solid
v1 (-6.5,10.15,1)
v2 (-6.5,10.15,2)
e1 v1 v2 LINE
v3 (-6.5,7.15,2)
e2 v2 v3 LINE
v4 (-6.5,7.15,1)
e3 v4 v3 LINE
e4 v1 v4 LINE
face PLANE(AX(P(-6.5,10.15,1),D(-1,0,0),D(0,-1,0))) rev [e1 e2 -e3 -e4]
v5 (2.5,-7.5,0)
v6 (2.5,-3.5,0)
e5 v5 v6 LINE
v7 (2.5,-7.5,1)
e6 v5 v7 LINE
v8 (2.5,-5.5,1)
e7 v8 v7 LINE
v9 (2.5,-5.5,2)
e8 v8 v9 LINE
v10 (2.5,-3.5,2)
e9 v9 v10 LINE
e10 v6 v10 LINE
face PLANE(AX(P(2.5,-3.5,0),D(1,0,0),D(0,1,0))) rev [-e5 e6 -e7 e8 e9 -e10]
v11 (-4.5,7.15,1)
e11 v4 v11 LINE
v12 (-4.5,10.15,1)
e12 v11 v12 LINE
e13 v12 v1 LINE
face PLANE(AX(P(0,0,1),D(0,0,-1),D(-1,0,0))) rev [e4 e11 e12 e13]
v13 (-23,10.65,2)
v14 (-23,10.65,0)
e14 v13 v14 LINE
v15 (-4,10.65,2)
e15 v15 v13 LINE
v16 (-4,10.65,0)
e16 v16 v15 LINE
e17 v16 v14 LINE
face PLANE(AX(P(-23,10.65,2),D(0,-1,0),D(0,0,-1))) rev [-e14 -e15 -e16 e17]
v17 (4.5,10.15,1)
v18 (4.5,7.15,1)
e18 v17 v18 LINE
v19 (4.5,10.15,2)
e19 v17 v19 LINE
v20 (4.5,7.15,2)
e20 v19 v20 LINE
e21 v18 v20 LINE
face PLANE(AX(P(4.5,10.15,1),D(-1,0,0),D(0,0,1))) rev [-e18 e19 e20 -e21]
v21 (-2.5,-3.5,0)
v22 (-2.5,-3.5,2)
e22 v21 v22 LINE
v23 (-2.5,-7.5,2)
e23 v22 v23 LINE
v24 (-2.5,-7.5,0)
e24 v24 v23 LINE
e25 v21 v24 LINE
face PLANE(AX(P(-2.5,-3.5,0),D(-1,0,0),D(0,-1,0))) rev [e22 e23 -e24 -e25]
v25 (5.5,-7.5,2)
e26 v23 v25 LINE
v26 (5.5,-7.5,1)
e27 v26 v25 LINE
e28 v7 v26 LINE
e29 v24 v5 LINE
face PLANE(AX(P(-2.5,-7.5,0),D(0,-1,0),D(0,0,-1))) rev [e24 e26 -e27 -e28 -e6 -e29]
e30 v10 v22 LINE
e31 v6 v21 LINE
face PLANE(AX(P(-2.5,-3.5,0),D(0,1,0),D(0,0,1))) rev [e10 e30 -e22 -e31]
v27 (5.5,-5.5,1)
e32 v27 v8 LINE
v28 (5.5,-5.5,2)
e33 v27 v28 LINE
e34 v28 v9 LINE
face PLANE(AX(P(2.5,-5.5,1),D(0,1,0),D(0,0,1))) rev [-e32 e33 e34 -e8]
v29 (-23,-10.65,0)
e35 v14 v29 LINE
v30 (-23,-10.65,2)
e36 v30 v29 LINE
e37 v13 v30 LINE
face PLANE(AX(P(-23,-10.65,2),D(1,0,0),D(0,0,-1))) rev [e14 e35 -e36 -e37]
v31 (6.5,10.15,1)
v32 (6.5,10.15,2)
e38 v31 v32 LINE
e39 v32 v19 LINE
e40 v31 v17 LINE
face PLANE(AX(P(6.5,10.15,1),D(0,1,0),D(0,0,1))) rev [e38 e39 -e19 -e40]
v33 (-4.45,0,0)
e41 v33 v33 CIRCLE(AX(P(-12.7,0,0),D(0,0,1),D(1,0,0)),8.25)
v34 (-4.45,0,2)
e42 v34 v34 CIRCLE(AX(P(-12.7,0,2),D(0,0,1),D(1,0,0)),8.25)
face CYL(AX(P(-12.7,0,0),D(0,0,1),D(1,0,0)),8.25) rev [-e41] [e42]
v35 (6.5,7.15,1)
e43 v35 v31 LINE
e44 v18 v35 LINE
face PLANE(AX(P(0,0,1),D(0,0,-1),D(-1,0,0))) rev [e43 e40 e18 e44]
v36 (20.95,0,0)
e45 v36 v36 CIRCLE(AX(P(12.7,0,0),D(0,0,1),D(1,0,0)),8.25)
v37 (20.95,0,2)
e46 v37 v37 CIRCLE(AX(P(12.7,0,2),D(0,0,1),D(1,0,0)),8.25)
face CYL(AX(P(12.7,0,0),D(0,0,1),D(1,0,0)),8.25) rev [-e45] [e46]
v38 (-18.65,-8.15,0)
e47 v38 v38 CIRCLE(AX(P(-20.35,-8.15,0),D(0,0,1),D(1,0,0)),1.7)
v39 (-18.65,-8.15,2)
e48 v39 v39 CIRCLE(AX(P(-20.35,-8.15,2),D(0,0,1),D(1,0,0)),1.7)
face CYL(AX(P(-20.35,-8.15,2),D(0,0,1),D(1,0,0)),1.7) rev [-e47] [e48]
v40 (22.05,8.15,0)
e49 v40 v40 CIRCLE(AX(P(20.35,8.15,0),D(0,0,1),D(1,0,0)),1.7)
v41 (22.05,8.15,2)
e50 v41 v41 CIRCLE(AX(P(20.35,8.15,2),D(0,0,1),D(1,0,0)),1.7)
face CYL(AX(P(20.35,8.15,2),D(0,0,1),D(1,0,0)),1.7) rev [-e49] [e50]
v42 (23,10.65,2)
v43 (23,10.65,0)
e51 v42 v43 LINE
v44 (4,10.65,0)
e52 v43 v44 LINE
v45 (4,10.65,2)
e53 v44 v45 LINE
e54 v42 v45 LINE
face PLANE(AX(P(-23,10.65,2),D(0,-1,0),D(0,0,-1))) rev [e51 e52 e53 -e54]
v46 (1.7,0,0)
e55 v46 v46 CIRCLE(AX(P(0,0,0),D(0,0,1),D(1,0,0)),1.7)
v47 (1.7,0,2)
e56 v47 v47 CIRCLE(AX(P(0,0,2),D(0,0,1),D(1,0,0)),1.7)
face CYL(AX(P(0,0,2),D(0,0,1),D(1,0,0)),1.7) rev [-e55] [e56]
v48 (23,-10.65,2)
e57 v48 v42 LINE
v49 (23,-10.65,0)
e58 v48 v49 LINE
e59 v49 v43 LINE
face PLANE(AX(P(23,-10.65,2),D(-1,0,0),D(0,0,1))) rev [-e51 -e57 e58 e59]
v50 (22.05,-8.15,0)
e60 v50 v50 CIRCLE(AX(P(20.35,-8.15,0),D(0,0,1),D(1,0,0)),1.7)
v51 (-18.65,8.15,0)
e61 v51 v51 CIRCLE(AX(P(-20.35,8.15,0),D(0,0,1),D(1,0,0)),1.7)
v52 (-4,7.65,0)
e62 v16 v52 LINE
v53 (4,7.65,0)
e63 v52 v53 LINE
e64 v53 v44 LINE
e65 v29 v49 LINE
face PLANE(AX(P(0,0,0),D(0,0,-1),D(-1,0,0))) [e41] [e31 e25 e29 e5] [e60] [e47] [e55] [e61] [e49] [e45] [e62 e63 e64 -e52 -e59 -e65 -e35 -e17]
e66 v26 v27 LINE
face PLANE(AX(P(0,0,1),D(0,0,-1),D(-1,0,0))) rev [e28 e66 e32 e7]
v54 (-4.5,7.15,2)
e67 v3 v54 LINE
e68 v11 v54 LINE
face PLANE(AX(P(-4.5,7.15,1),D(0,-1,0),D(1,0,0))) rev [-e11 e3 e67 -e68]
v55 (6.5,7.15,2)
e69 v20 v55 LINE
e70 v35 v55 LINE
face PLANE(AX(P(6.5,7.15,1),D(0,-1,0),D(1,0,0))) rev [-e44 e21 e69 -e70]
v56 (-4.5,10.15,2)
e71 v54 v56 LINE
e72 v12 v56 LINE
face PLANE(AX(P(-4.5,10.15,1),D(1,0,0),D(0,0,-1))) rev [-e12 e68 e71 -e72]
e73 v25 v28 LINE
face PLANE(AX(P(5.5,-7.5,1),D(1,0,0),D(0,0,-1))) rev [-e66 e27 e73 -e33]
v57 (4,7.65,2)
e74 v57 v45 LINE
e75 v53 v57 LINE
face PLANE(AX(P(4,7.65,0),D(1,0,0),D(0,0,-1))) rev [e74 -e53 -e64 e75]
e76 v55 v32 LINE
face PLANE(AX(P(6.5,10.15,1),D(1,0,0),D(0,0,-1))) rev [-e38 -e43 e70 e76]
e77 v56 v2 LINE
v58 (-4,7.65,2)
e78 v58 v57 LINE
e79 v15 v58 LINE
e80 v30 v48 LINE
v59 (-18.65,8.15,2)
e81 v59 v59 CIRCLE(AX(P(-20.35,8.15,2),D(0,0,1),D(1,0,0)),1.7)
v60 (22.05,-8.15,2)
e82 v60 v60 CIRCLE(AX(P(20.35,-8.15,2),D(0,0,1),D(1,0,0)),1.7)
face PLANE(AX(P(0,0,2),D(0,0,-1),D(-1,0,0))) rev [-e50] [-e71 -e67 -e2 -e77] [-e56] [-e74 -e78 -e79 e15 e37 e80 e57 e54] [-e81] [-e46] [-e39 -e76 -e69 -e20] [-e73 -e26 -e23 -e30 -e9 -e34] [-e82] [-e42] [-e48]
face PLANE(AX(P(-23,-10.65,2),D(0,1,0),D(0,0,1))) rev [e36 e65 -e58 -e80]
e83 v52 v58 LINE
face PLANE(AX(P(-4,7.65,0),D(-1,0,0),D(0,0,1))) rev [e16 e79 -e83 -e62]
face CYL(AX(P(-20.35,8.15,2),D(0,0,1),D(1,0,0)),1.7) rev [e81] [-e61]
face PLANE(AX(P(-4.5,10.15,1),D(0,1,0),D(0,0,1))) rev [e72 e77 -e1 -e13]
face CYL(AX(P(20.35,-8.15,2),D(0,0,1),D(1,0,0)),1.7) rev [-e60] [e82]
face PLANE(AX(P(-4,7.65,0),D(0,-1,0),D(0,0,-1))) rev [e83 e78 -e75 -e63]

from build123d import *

# Parameters (mm, degrees)
SKETCH_1_W          = 46
SKETCH_1_H          = 21.3
EXTRUDE_1_DEPTH     = 2
SKETCH_2_R          = 8.25
CUT_EXTRUDE_1_DEPTH = 3
SKETCH_3_W          = 8
SKETCH_3_H          = 3
CUT_EXTRUDE_2_DEPTH = 3
SKETCH_4_W          = 5
SKETCH_4_H          = 4
CUT_EXTRUDE_3_DEPTH = 3
SKETCH_5_W          = 3
SKETCH_5_H          = 2
SKETCH_5_W_2        = 2
SKETCH_5_H_2        = 3
CUT_EXTRUDE_4_DEPTH = 1
HOLE_WIZARD_M3_1_D  = 3.4


with BuildPart() as part:
    # 草圖1 → 填料-伸長1 (new body)
    with BuildSketch(Plane.XY):
        Rectangle(SKETCH_1_W, SKETCH_1_H)
    extrude(amount=EXTRUDE_1_DEPTH)

    # 草圖2 → 除料-伸長1 (cut, through all)
    with BuildSketch(Plane.XY.offset(2)):
        with Locations((-12.7, 0)):
            Circle(SKETCH_2_R)
        with Locations((12.7, 0)):
            Circle(SKETCH_2_R)
    extrude(amount=-CUT_EXTRUDE_1_DEPTH, mode=Mode.SUBTRACT)

    # 草圖3 → 除料-伸長2 (cut, through all)
    with BuildSketch(Plane.XY.offset(2)):
        with Locations((0, 9.15)):
            Rectangle(SKETCH_3_W, SKETCH_3_H)
    extrude(amount=-CUT_EXTRUDE_2_DEPTH, mode=Mode.SUBTRACT)

    # 草圖4 → 除料-伸長3 (cut, through all)
    with BuildSketch(Plane.XY.offset(2)):
        with Locations((0, -5.5)):
            Rectangle(SKETCH_4_W, SKETCH_4_H)
    extrude(amount=-CUT_EXTRUDE_3_DEPTH, mode=Mode.SUBTRACT)

    # 草圖5 → 除料-伸長4 (cut)
    with BuildSketch(Plane.XY.offset(2)):
        with Locations((4, -6.5)):
            Rectangle(SKETCH_5_W, SKETCH_5_H)
        with Locations((-5.5, 8.65)):
            Rectangle(SKETCH_5_W_2, SKETCH_5_H_2)
        with Locations((5.5, 8.65)):
            Rectangle(SKETCH_5_W_2, SKETCH_5_H_2)
    extrude(amount=-CUT_EXTRUDE_4_DEPTH, mode=Mode.SUBTRACT)

    # M3 餘隙孔1 (through all)
    with Locations(Plane.XY.offset(2)):
        with Locations((0, 0), (20.35, 8.15), (-20.35, -8.15), (-20.35, 8.15), (20.35, -8.15)):
            Hole(HOLE_WIZARD_M3_1_D / 2)


solid = part.part
